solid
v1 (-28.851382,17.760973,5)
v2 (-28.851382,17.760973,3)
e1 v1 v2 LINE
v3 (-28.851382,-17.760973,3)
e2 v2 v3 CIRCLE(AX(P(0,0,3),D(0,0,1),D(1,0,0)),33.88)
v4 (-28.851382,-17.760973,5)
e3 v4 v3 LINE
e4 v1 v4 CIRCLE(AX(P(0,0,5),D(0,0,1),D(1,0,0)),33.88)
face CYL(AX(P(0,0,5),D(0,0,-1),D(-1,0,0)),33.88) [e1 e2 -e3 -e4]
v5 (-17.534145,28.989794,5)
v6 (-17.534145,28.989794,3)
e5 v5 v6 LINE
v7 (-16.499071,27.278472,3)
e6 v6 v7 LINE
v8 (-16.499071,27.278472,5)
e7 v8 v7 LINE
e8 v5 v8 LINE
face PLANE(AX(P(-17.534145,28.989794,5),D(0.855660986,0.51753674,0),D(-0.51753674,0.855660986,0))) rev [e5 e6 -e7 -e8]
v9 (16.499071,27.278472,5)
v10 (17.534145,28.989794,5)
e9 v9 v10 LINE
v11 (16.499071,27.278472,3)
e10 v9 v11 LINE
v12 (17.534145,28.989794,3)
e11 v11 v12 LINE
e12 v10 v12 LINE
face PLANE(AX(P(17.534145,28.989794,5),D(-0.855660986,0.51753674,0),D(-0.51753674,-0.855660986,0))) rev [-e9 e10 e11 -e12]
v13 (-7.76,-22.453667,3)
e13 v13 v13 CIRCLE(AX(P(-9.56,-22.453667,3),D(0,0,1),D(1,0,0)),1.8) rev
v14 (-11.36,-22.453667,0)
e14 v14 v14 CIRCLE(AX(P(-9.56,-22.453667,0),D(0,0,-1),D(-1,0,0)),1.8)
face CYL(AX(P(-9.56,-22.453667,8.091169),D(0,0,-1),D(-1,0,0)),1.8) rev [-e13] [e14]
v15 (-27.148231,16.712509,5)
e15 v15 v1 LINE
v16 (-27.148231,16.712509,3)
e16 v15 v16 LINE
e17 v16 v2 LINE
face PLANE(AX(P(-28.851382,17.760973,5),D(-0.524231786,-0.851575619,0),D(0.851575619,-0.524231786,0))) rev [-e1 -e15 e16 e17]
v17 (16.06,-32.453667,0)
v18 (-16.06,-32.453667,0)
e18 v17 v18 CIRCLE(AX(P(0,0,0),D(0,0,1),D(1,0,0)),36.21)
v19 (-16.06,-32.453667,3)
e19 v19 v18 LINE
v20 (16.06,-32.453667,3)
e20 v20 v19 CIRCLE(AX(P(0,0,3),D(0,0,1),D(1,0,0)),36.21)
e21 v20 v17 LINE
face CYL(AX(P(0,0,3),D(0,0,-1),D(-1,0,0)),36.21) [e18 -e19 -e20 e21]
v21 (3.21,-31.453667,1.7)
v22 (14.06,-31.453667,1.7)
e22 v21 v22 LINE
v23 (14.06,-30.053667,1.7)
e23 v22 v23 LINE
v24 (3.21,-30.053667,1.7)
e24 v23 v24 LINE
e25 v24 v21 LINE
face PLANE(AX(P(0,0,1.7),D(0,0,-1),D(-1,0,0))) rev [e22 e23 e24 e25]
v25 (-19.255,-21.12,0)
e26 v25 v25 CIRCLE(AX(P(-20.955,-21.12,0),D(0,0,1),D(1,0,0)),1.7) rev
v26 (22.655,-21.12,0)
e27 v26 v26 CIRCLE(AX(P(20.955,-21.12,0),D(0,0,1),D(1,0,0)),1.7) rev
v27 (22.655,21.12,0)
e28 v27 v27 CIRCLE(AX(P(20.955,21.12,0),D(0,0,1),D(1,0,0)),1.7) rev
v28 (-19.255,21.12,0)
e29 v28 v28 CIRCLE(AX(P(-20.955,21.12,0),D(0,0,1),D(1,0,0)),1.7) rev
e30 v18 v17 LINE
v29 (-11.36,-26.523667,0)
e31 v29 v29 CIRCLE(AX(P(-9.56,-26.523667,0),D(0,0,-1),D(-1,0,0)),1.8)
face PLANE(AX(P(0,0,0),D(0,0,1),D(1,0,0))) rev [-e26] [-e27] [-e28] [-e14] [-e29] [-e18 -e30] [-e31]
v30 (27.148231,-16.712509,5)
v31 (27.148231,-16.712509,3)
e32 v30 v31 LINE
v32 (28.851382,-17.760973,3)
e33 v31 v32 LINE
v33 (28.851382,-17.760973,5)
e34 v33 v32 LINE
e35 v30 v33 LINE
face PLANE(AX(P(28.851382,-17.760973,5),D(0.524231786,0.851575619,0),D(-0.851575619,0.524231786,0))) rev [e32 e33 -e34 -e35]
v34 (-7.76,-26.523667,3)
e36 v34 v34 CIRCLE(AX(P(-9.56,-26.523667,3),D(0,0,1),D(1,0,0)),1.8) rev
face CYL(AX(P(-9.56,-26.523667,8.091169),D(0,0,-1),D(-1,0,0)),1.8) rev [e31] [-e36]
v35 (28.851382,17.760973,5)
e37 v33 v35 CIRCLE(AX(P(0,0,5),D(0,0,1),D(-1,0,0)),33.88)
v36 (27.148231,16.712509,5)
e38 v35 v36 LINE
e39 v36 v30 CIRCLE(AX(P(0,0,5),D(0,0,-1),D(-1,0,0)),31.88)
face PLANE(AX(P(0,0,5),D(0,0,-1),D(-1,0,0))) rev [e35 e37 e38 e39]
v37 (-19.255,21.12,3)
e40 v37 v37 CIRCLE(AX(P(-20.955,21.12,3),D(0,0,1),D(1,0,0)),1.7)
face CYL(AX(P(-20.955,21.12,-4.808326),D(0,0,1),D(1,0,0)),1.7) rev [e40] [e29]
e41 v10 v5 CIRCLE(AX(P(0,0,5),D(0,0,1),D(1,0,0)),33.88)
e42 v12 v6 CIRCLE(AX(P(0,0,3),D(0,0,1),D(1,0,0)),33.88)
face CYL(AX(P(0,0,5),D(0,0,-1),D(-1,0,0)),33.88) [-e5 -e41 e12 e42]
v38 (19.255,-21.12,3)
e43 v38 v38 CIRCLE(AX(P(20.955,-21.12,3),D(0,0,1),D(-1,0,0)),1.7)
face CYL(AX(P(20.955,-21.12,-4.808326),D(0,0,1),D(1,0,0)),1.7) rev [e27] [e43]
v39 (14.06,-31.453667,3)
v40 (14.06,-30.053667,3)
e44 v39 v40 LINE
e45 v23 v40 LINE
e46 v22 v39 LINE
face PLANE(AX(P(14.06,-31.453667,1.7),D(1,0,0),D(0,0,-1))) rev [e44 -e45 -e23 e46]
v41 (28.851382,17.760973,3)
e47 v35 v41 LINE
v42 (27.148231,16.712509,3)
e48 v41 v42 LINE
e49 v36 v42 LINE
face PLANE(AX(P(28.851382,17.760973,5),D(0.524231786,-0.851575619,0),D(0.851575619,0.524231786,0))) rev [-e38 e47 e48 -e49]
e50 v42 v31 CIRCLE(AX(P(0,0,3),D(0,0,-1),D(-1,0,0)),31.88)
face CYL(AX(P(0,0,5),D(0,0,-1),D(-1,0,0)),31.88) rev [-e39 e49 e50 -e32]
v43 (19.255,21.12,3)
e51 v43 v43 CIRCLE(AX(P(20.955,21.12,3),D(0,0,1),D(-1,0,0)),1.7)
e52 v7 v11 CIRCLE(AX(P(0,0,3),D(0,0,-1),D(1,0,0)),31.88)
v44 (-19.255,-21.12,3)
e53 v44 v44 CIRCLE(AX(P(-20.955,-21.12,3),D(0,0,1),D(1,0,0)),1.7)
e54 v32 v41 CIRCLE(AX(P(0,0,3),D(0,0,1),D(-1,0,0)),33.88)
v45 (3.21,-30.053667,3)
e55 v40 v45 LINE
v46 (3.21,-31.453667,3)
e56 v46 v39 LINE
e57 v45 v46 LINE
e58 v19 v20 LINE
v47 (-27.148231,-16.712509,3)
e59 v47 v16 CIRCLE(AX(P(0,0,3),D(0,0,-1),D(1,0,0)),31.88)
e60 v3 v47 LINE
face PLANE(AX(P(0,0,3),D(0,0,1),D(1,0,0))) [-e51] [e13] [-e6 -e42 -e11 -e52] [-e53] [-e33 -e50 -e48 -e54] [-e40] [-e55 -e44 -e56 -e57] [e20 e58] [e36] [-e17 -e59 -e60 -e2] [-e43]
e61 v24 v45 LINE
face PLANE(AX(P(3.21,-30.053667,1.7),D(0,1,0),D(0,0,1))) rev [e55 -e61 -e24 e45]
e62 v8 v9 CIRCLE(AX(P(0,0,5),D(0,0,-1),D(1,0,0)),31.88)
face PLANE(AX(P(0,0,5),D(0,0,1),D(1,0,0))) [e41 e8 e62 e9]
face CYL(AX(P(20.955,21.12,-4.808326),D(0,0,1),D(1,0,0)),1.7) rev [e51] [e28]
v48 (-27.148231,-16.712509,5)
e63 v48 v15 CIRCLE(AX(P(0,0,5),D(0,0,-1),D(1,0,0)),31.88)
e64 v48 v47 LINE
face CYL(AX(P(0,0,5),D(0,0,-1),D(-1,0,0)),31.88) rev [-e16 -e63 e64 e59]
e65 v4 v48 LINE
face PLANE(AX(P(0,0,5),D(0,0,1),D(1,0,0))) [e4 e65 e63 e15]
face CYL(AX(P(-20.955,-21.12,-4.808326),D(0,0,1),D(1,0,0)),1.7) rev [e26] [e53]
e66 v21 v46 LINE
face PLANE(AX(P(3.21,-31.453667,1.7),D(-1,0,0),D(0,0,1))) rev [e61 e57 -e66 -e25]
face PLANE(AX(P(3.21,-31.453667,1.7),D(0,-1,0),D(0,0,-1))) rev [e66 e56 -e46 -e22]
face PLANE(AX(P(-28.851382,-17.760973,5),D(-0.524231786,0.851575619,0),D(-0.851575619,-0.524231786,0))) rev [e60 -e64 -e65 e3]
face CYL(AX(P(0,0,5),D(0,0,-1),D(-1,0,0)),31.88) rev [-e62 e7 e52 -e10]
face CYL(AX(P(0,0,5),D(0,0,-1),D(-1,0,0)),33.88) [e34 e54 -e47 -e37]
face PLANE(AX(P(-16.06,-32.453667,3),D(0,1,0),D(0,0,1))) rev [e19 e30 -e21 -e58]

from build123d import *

# Parameters (mm, degrees)
BOSS_EXTRUDE1_DEPTH = 3
SKETCH2_R           = 1.7
CUT_EXTRUDE1_DEPTH  = 3
BOSS_EXTRUDE2_DEPTH = 2
SKETCH6_R           = 1.8
CUT_EXTRUDE2_DEPTH  = 3
SKETCH8_W           = 10.85
SKETCH8_H           = 1.4
CUT_EXTRUDE4_DEPTH  = 1.3


with BuildPart() as part:
    # Sketch1 → Boss-Extrude1 (new body)
    with BuildSketch(Plane.XY):
        with BuildLine():
            Line((-16.06, -32.453666973), (16.06, -32.453666973))
            ThreePointArc((16.06, -32.453666973), (0, 36.21), (-16.06, -32.453666973))
        make_face()
    extrude(amount=BOSS_EXTRUDE1_DEPTH)

    # Sketch2 → Cut-Extrude1 (cut)
    with BuildSketch(Plane.XY.offset(3)):
        with Locations((-20.955, 21.12)):
            Circle(SKETCH2_R)
        with Locations((20.955, 21.12)):
            Circle(SKETCH2_R)
        with Locations((-20.955, -21.12)):
            Circle(SKETCH2_R)
        with Locations((20.955, -21.12)):
            Circle(SKETCH2_R)
    extrude(amount=-CUT_EXTRUDE1_DEPTH, mode=Mode.SUBTRACT)

    # Sketch4 → Boss-Extrude2 (add)
    with BuildSketch(Plane.XY.offset(3)):
        with BuildLine():
            Line((-17.534144761, 28.989794195), (-16.499071281, 27.278472224))
            ThreePointArc((-16.499071281, 27.278472224), (0, 31.88), (16.499071281, 27.278472224))
            Line((16.499071281, 27.278472224), (17.534144761, 28.989794195))
            ThreePointArc((17.534144761, 28.989794195), (0, 33.88), (-17.534144761, 28.989794195))
        make_face()
        with BuildLine():
            Line((-28.851381969, 17.760972903), (-27.148230731, 16.712509332))
            ThreePointArc((-27.148230731, 16.712509332), (-31.88, 0), (-27.148230731, -16.712509332))
            Line((-27.148230731, -16.712509332), (-28.851381969, -17.760972903))
            ThreePointArc((-28.851381969, -17.760972903), (-33.88, 0), (-28.851381969, 17.760972903))
        make_face()
        with BuildLine():
            Line((28.851381969, 17.760972903), (27.148230731, 16.712509332))
            ThreePointArc((27.148230731, 16.712509332), (31.88, 0), (27.148230731, -16.712509332))
            Line((27.148230731, -16.712509332), (28.851381969, -17.760972903))
            ThreePointArc((28.851381969, -17.760972903), (33.88, 0), (28.851381969, 17.760972903))
        make_face()
    extrude(amount=BOSS_EXTRUDE2_DEPTH)

    # Sketch6 → Cut-Extrude2 (cut)
    with BuildSketch(Plane(origin=(0, 0, 0), x_dir=(-1, 0, 0), z_dir=(0, 0, -1))):
        with Locations((9.56, -22.453666973)):
            Circle(SKETCH6_R)
        with Locations((9.56, -26.523666973)):
            Circle(SKETCH6_R)
    extrude(amount=-CUT_EXTRUDE2_DEPTH, mode=Mode.SUBTRACT)

    # Sketch8 → Cut-Extrude4 (cut)
    with BuildSketch(Plane.XY.offset(3)):
        with Locations((8.635, -30.753666973)):
            Rectangle(SKETCH8_W, SKETCH8_H)
    extrude(amount=-CUT_EXTRUDE4_DEPTH, mode=Mode.SUBTRACT)


solid = part.part
